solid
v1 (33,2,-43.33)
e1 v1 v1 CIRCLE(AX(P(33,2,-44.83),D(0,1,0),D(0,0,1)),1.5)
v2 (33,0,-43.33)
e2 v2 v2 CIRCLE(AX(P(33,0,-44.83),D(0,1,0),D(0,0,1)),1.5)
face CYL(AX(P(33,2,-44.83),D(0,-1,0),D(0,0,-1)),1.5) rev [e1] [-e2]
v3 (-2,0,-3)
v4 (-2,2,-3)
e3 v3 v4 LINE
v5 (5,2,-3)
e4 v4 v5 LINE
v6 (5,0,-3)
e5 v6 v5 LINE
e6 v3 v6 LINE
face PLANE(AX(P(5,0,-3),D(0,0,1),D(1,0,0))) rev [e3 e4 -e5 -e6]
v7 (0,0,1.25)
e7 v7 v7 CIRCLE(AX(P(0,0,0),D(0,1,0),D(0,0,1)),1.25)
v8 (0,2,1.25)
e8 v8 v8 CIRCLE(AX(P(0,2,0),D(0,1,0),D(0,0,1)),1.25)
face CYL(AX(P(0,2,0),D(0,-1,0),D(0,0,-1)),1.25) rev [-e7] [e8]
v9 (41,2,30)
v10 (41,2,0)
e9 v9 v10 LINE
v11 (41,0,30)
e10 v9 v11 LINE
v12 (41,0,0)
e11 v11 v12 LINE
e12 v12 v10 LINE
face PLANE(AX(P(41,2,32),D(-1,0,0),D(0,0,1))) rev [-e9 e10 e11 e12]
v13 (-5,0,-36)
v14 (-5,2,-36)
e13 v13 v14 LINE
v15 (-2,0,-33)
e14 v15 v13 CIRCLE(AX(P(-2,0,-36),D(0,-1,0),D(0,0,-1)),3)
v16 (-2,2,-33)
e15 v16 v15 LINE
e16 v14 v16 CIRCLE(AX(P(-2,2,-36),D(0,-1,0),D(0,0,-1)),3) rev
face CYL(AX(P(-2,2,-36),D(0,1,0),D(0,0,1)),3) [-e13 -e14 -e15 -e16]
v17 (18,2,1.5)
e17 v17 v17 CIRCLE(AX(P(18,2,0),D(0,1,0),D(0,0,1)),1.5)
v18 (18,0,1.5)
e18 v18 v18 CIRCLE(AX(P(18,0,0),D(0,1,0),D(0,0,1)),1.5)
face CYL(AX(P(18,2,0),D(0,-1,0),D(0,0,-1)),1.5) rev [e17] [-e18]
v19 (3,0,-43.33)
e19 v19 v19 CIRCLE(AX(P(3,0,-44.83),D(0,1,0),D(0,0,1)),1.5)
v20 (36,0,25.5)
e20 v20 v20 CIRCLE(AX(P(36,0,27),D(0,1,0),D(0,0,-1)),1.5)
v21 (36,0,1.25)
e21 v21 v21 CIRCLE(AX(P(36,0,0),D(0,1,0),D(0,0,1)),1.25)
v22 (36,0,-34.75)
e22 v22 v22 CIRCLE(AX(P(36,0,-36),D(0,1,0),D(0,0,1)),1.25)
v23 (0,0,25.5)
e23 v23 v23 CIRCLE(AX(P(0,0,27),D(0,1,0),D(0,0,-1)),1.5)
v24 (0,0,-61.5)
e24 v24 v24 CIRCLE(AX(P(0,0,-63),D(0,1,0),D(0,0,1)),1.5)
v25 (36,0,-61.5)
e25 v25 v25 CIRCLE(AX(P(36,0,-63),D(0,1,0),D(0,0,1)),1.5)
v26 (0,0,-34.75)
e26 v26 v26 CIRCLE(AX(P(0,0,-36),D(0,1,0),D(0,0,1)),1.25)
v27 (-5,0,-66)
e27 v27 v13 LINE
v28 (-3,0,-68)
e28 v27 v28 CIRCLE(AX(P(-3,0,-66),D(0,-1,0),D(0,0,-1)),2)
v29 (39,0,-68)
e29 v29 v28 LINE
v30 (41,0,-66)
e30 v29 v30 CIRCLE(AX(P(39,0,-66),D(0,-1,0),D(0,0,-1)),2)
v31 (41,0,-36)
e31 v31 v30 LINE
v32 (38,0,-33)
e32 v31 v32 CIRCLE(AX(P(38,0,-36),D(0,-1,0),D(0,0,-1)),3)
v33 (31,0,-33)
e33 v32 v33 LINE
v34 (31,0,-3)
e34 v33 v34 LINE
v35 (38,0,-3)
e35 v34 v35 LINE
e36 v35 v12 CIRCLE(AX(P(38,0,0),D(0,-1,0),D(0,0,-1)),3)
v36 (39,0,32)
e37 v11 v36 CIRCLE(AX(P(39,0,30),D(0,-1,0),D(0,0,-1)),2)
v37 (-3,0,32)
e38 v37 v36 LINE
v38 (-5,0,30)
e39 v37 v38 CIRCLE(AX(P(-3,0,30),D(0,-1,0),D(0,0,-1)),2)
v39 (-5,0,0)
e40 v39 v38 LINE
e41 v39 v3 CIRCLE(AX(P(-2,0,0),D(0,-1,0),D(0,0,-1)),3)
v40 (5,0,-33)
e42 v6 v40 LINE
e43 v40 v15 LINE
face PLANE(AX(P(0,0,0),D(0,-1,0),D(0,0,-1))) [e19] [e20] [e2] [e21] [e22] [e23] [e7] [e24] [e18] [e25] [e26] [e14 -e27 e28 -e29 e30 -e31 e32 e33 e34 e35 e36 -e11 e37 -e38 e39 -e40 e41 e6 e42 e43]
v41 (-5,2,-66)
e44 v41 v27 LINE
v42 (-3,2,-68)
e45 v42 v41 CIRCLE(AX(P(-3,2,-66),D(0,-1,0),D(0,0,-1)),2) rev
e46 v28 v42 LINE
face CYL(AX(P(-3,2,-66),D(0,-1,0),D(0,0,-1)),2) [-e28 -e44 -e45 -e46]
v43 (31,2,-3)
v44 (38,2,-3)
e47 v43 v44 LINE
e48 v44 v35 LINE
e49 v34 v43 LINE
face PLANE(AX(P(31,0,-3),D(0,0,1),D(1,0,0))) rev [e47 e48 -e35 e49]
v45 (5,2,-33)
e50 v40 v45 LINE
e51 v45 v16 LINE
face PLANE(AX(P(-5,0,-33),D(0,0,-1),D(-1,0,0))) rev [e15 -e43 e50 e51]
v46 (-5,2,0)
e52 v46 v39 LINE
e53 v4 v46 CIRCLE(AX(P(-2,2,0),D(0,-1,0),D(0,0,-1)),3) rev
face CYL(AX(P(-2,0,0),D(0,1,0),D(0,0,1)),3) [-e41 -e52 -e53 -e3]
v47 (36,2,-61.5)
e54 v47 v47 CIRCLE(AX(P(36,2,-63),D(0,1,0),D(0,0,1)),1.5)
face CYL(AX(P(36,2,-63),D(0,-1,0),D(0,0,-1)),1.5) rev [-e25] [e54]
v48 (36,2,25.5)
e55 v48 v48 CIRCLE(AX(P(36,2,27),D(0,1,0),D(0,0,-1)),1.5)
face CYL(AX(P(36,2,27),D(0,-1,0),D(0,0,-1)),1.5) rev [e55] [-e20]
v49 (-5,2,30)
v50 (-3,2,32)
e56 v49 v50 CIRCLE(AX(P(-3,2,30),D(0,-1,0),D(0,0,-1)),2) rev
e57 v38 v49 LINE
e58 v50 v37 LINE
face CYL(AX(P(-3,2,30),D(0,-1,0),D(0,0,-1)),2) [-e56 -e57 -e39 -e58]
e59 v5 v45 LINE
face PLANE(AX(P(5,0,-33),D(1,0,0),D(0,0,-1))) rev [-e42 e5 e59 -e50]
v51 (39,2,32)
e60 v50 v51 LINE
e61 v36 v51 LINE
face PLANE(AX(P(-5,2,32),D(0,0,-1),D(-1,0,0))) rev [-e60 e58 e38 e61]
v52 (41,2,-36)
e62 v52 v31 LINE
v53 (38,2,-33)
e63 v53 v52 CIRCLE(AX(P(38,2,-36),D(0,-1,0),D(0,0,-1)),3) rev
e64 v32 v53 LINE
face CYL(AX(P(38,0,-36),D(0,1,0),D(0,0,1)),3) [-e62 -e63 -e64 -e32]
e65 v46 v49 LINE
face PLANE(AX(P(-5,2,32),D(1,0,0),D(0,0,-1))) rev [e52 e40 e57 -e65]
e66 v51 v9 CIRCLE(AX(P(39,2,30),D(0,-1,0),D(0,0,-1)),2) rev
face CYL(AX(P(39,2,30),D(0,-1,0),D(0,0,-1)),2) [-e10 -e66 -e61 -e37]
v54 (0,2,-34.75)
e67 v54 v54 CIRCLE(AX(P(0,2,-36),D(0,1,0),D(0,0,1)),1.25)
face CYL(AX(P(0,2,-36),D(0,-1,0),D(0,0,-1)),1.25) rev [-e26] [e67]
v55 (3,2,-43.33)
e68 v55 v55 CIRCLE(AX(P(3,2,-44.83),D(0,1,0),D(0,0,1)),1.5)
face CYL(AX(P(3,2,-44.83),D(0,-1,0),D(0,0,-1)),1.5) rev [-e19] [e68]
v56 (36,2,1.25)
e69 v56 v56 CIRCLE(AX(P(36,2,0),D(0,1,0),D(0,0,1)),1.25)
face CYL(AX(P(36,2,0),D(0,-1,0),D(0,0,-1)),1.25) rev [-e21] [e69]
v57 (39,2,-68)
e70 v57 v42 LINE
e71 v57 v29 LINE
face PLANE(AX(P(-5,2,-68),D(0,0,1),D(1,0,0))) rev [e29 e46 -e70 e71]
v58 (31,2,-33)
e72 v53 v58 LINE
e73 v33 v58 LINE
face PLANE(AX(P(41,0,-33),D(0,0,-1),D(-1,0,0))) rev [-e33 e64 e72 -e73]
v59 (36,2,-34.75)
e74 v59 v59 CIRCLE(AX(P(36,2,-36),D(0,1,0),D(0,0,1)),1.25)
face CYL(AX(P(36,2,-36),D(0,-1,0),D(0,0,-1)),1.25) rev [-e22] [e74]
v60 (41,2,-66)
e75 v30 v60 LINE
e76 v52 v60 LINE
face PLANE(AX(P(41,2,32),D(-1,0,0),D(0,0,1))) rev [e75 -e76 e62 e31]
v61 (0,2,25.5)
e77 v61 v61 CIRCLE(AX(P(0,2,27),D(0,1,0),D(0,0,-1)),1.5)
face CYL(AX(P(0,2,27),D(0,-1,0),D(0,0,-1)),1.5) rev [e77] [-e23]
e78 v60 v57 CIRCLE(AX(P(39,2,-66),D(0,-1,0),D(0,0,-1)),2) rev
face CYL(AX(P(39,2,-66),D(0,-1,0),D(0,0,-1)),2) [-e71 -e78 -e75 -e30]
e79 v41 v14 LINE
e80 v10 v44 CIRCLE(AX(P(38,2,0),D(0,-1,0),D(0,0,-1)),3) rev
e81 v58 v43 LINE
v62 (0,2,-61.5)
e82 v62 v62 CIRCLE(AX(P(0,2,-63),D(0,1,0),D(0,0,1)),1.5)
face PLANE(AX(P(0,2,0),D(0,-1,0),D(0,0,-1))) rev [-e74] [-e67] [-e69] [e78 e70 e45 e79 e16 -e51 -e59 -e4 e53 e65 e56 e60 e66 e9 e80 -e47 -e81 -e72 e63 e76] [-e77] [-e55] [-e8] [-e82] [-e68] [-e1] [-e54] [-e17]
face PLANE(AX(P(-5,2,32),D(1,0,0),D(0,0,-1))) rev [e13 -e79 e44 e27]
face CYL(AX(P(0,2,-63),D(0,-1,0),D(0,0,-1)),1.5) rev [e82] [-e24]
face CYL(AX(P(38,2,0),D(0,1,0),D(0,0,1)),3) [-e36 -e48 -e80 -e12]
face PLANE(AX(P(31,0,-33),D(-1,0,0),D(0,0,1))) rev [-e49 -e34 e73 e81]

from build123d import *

# Parameters (mm, degrees)
SKETCH_1_W          = 46
SKETCH_1_H          = 100
SKETCH_1_R          = 1.25
SKETCH_1_R_2        = 1.5
EXTRUDE_1_DEPTH     = 2
FILLET_1_R          = 2
SKETCH_2_W          = 10
SKETCH_2_H          = 30
CUT_EXTRUDE_1_DEPTH = 80.429213769
FILLET_2_R          = 3


with BuildPart() as part:
    # 草图1 → 凸台-拉伸1 (new body)
    with BuildSketch(Plane(origin=(0, 0, 0), x_dir=(1, 0, 0), z_dir=(0, 1, 0))):
        with Locations((18, 18)):
            Rectangle(SKETCH_1_W, SKETCH_1_H)
        with Locations(Location((0, 36, 0), (0, 0, 270))):
            Circle(SKETCH_1_R, mode=Mode.SUBTRACT)
        with Locations(Location((36, 36, 0), (0, 0, 270))):
            Circle(SKETCH_1_R, mode=Mode.SUBTRACT)
        with Locations(Location((0, 0, 0), (0, 0, 270))):
            Circle(SKETCH_1_R, mode=Mode.SUBTRACT)
        with Locations(Location((36, 0, 0), (0, 0, 270))):
            Circle(SKETCH_1_R, mode=Mode.SUBTRACT)
        with Locations(Location((0, 63, 0), (0, 0, 270))):
            Circle(SKETCH_1_R_2, mode=Mode.SUBTRACT)
        with Locations(Location((36, 63, 0), (0, 0, 270))):
            Circle(SKETCH_1_R_2, mode=Mode.SUBTRACT)
        with Locations(Location((36, -27, 0), (0, 0, 90))):
            Circle(SKETCH_1_R_2, mode=Mode.SUBTRACT)
        with Locations(Location((0, -27, 0), (0, 0, 90))):
            Circle(SKETCH_1_R_2, mode=Mode.SUBTRACT)
        with Locations(Location((3, 44.83, 0), (0, 0, 270))):
            Circle(SKETCH_1_R_2, mode=Mode.SUBTRACT)
        with Locations(Location((33, 44.83, 0), (0, 0, 270))):
            Circle(SKETCH_1_R_2, mode=Mode.SUBTRACT)
        with Locations(Location((18, 0, 0), (0, 0, 270))):
            Circle(SKETCH_1_R_2, mode=Mode.SUBTRACT)
    extrude(amount=EXTRUDE_1_DEPTH)

    # 圆角1
    fillet_1_edges = [part.edges().sort_by_distance(p)[0] for p in [
        (-5, 1, -68),
        (41, 1, -68),
        (41, 1, 32),
        (-5, 1, 32),
    ]]
    fillet(fillet_1_edges, radius=FILLET_1_R)

    # 草图2 → 切除-拉伸1 (cut, through all)
    with BuildSketch(Plane(origin=(0, 2, 0), x_dir=(1, 0, 0), z_dir=(0, 1, 0))):
        with Locations((0, 18)):
            Rectangle(SKETCH_2_W, SKETCH_2_H)
        with Locations((36, 18)):
            Rectangle(SKETCH_2_W, SKETCH_2_H)
    extrude(amount=-CUT_EXTRUDE_1_DEPTH, mode=Mode.SUBTRACT)

    # 圆角2
    fillet_2_edges = [part.edges().sort_by_distance(p)[0] for p in [
        (-5, 1, -3),
        (-5, 1, -33),
        (41, 1, -33),
        (41, 1, -3),
    ]]
    fillet(fillet_2_edges, radius=FILLET_2_R)


solid = part.part
